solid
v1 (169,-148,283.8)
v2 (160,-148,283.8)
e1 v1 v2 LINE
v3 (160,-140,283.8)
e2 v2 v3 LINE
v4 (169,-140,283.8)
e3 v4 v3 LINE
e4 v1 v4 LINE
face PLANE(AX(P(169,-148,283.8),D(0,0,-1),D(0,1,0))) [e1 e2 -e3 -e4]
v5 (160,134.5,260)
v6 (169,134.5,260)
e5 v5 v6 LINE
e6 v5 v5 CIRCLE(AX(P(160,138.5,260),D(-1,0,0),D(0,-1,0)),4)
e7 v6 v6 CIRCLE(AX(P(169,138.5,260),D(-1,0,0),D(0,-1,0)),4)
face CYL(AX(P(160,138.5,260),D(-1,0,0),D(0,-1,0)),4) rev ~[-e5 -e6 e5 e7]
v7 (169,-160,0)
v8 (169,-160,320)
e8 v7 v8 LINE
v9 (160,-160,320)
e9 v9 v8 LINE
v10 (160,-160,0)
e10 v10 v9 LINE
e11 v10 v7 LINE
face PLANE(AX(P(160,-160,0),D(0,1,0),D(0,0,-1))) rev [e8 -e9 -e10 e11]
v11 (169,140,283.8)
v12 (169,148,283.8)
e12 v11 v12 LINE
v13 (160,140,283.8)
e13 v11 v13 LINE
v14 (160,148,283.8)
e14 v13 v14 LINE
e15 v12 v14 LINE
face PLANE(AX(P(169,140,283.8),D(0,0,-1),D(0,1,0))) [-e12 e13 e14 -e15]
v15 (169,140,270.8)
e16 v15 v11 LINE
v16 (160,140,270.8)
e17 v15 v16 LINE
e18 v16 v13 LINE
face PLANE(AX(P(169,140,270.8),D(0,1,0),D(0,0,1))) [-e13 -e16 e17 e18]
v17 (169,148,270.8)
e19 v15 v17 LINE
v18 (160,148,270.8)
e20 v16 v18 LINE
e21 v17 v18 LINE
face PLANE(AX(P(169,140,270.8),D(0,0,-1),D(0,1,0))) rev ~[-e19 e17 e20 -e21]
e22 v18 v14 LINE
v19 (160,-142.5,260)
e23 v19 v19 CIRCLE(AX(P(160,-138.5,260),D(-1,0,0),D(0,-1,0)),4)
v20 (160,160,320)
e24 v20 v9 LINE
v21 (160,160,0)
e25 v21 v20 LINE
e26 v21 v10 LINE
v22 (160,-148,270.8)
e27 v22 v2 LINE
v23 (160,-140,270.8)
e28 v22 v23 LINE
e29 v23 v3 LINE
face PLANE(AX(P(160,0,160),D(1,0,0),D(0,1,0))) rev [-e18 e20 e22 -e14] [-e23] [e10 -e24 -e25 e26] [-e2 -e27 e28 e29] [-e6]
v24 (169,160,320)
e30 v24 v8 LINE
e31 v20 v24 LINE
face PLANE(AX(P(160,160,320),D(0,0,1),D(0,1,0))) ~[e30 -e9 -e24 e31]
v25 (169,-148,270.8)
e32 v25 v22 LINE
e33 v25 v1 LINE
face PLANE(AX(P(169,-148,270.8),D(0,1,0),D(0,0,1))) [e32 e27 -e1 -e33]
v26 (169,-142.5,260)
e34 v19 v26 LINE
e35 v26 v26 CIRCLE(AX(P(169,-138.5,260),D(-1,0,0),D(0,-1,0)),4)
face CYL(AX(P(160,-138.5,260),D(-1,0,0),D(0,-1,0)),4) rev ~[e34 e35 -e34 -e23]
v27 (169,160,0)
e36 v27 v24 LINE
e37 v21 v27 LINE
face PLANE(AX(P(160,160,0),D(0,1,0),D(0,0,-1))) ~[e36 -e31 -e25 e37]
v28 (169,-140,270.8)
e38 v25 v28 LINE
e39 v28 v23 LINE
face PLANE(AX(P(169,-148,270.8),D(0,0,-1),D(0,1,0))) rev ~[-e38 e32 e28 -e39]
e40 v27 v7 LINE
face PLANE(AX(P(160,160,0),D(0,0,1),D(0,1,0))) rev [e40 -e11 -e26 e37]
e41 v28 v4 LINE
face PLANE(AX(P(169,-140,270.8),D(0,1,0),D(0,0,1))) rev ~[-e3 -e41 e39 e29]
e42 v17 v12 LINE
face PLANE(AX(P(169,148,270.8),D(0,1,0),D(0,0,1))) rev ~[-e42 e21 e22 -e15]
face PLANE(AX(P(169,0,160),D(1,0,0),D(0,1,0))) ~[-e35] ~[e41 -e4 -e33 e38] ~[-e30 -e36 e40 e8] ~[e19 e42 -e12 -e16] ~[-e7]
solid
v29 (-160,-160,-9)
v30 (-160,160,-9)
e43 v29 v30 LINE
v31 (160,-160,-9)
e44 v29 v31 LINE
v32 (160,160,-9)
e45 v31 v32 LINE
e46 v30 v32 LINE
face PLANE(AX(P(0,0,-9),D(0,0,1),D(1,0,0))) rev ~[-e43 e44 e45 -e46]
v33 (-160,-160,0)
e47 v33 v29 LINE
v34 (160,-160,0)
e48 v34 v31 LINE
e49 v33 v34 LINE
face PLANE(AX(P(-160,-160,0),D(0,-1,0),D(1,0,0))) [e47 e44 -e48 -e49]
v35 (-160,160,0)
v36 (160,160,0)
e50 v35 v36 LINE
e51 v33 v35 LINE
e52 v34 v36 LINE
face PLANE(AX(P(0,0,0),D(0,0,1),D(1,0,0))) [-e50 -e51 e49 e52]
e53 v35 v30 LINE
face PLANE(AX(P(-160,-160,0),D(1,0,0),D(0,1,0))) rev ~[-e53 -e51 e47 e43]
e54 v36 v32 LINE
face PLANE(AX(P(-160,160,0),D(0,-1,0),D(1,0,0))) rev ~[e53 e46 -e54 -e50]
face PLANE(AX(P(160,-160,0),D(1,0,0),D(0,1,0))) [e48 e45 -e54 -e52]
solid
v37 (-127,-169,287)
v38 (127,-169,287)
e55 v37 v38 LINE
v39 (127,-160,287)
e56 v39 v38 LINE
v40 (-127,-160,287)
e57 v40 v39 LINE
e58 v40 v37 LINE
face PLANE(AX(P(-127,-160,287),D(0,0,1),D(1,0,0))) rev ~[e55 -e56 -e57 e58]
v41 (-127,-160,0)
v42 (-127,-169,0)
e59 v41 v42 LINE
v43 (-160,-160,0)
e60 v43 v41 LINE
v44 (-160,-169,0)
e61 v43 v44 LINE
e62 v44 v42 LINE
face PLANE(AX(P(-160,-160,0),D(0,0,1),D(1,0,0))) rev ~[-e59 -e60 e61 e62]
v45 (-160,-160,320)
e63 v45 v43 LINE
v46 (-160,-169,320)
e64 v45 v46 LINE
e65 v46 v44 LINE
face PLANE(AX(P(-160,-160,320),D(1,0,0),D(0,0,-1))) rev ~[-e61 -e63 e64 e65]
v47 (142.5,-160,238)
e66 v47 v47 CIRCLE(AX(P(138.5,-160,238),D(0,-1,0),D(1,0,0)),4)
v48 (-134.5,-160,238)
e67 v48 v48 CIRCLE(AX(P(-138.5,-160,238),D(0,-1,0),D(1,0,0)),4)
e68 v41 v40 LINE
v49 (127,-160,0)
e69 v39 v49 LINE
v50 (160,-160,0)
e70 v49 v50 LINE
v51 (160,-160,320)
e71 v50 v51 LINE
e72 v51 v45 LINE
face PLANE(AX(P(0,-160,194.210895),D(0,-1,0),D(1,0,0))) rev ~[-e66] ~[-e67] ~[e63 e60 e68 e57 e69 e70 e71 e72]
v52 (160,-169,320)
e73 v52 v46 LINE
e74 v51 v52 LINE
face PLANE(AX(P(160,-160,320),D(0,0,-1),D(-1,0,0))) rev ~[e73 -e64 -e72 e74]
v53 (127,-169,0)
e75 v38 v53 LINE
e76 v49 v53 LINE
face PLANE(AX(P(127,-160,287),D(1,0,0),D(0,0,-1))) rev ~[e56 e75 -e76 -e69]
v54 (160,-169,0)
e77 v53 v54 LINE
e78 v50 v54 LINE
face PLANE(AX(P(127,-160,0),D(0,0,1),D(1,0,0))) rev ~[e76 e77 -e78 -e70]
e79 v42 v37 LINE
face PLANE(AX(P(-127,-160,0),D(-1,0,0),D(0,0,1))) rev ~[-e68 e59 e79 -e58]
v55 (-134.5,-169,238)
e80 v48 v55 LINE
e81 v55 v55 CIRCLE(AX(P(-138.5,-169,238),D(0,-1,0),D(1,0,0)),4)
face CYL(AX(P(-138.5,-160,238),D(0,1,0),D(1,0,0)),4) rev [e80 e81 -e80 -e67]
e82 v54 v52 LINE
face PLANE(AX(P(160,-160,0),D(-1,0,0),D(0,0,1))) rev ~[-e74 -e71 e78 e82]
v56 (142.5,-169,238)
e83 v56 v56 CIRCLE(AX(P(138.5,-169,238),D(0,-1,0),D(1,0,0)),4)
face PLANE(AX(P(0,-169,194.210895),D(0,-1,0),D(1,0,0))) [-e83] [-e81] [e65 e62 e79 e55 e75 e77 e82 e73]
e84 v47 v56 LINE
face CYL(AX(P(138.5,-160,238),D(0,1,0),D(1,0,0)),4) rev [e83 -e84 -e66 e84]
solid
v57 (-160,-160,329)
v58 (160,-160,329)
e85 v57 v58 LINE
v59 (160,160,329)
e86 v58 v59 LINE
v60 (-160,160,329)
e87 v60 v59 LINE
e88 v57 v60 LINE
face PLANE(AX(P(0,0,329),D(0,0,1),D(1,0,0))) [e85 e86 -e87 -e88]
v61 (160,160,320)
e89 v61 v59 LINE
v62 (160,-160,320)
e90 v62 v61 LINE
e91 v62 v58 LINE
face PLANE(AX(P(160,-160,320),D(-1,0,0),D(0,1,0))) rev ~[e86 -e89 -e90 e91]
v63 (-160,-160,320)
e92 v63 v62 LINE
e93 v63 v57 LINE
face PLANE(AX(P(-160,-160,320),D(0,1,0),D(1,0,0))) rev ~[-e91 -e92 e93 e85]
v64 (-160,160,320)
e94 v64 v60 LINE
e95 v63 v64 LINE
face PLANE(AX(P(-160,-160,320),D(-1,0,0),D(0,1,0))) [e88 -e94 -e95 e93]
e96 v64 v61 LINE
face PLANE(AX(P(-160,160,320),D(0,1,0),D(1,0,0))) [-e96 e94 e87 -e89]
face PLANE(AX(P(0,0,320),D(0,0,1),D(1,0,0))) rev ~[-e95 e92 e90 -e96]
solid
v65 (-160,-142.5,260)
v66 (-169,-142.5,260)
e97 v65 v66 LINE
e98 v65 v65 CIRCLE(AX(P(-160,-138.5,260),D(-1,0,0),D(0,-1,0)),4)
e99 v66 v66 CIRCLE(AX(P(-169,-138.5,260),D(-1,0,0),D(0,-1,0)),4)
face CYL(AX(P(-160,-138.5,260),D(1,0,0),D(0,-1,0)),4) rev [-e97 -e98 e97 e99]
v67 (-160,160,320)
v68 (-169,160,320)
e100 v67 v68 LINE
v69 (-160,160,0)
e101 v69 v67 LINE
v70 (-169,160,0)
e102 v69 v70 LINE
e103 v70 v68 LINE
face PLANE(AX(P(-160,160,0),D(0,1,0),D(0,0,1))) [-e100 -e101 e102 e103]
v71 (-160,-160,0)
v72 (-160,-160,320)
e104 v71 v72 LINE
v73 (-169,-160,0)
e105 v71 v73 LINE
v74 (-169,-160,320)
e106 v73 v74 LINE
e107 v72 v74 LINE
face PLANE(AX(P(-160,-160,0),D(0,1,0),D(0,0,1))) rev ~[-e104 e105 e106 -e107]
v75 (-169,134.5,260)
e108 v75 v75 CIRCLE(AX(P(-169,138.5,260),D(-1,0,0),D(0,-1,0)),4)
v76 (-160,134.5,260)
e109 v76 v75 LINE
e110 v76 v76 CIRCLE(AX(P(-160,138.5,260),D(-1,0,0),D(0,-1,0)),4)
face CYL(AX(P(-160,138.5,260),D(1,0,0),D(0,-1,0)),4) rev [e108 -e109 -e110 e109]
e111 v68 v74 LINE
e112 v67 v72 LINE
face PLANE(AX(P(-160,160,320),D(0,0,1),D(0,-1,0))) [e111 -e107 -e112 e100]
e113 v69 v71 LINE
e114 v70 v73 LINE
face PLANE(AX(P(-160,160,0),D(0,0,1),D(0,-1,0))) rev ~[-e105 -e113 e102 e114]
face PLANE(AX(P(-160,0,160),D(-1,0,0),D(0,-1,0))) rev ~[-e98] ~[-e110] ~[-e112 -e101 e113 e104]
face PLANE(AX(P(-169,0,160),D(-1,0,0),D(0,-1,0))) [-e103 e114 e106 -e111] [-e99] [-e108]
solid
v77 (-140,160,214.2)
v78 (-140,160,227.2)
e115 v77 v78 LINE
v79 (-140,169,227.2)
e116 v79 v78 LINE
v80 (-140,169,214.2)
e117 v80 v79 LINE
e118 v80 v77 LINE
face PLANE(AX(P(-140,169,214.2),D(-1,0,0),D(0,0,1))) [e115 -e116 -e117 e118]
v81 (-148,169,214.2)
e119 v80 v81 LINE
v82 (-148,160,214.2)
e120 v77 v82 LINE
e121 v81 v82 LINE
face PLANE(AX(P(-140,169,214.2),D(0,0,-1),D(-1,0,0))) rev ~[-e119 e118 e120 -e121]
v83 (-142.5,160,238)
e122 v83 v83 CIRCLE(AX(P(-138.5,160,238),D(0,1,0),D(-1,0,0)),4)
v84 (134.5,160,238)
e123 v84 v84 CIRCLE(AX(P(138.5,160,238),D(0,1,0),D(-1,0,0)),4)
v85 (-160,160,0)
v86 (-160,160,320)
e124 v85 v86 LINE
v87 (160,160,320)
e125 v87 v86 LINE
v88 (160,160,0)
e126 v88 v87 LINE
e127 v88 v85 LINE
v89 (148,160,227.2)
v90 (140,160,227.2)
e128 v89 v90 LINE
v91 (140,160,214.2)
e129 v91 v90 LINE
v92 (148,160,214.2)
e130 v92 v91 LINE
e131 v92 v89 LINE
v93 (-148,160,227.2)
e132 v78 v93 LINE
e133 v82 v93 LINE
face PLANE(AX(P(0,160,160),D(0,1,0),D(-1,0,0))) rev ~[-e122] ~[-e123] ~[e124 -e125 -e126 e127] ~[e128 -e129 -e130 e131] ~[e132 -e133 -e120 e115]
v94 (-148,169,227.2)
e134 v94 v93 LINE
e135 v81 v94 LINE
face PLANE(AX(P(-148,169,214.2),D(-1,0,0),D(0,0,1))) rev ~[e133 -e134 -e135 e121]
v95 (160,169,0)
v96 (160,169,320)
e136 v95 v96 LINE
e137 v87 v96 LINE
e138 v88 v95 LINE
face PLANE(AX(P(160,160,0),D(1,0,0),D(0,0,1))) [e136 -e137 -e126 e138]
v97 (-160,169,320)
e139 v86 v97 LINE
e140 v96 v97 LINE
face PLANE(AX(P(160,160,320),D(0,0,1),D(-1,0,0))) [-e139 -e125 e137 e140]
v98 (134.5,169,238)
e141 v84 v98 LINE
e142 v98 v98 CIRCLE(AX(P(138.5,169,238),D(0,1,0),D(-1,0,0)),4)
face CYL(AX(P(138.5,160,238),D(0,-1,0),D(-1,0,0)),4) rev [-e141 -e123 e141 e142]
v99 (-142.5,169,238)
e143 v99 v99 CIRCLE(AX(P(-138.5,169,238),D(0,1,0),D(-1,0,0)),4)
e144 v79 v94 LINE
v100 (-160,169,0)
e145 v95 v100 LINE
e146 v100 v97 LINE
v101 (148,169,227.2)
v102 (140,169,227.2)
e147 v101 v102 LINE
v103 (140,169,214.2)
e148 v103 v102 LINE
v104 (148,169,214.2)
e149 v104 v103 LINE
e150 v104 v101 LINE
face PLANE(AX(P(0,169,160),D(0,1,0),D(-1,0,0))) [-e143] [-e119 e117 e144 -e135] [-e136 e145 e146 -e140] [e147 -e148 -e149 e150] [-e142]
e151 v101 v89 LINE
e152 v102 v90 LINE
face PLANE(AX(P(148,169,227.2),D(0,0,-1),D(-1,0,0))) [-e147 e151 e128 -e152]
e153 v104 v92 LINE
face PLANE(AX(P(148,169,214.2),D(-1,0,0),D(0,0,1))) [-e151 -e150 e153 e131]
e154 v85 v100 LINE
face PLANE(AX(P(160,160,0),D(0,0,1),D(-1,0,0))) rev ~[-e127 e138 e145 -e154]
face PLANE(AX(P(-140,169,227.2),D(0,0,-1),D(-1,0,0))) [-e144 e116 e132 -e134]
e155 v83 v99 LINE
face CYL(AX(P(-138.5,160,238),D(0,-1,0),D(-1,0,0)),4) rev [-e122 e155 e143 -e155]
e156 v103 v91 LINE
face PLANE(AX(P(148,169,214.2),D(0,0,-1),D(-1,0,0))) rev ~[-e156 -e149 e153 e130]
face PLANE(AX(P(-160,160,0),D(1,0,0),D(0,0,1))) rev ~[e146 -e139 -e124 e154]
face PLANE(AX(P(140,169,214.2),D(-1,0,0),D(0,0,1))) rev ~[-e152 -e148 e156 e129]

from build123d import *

# Parameters (mm, degrees)
F1_W      = 320
F1_H      = 320
F2_DEPTH  = 9
F3_W      = 320
F3_H      = 320
F3_R      = 4
F4_DEPTH  = 9
F7_W      = 320
F7_H      = 320
F7_R      = 4
F8_DEPTH  = 9
F6_R      = 4
F9_DEPTH  = 9
F10_W     = 320
F10_H     = 320
F11_DEPTH = 9
F12_W     = 8
F12_H     = 13
F13_DEPTH = 9
F14_W     = 8
F14_H     = 13
F15_DEPTH = 9


with BuildPart() as f2:
    # F1 (on Top) → F2 (new body)
    with BuildSketch(Plane.XY):
        Rectangle(F1_W, F1_H)
    extrude(amount=-F2_DEPTH)


with BuildPart() as f4:
    # F3 (on face) → F4 (new body)
    with BuildSketch(Plane(origin=(-160, 0, 0), x_dir=(0, -1, 0), z_dir=(-1, 0, 0))):
        with Locations((0, 160)):
            Rectangle(F3_W, F3_H)
        with Locations((-138.5, 260)):
            Circle(F3_R, mode=Mode.SUBTRACT)
        with Locations((138.5, 260)):
            Circle(F3_R, mode=Mode.SUBTRACT)
    extrude(amount=F4_DEPTH)


with BuildPart() as f5_1:
    # F5: instance of F4
    add(f4.part.mirror(Plane.YZ))

    # F12 (on face) → F13 (cut, through all)
    with BuildSketch(Plane.YZ.offset(169)):
        with Locations((-144, 277.3)):
            Rectangle(F12_W, F12_H)
        with Locations((144, 277.3)):
            Rectangle(F12_W, F12_H)
    extrude(amount=-F13_DEPTH, mode=Mode.SUBTRACT)


with BuildPart() as f8:
    # F7 (on face) → F8 (new body)
    with BuildSketch(Plane(origin=(0, 160, 0), x_dir=(-1, 0, 0), z_dir=(0, 1, 0))):
        with Locations((0, 160)):
            Rectangle(F7_W, F7_H)
        with Locations((-138.5, 238)):
            Circle(F7_R, mode=Mode.SUBTRACT)
        with Locations((138.5, 238)):
            Circle(F7_R, mode=Mode.SUBTRACT)
    extrude(amount=F8_DEPTH)

    # F14 (on face) → F15 (cut, through all)
    with BuildSketch(Plane(origin=(0, 169, 0), x_dir=(-1, 0, 0), z_dir=(0, 1, 0))):
        with Locations((-144, 220.7)):
            Rectangle(F14_W, F14_H)
        with Locations((144, 220.7)):
            Rectangle(F14_W, F14_H)
    extrude(amount=-F15_DEPTH, mode=Mode.SUBTRACT)


with BuildPart() as f9:
    # F6 (on face) → F9 (new body)
    with BuildSketch(Plane.XZ.offset(160)):
        Polygon((-160, 320), (-160, 0), (-127, 0), (-127, 287), (127, 287), (127, 0), (160, 0), (160, 320), align=None)
        with Locations((-138.5, 238)):
            Circle(F6_R, mode=Mode.SUBTRACT)
        with Locations((138.5, 238)):
            Circle(F6_R, mode=Mode.SUBTRACT)
    extrude(amount=F9_DEPTH)


with BuildPart() as f11:
    # F10 (on face) → F11 (new body)
    with BuildSketch(Plane.XY.offset(320)):
        Rectangle(F10_W, F10_H)
    extrude(amount=F11_DEPTH)


solid = Compound([f2.part, f4.part, f5_1.part, f8.part, f9.part, f11.part])
